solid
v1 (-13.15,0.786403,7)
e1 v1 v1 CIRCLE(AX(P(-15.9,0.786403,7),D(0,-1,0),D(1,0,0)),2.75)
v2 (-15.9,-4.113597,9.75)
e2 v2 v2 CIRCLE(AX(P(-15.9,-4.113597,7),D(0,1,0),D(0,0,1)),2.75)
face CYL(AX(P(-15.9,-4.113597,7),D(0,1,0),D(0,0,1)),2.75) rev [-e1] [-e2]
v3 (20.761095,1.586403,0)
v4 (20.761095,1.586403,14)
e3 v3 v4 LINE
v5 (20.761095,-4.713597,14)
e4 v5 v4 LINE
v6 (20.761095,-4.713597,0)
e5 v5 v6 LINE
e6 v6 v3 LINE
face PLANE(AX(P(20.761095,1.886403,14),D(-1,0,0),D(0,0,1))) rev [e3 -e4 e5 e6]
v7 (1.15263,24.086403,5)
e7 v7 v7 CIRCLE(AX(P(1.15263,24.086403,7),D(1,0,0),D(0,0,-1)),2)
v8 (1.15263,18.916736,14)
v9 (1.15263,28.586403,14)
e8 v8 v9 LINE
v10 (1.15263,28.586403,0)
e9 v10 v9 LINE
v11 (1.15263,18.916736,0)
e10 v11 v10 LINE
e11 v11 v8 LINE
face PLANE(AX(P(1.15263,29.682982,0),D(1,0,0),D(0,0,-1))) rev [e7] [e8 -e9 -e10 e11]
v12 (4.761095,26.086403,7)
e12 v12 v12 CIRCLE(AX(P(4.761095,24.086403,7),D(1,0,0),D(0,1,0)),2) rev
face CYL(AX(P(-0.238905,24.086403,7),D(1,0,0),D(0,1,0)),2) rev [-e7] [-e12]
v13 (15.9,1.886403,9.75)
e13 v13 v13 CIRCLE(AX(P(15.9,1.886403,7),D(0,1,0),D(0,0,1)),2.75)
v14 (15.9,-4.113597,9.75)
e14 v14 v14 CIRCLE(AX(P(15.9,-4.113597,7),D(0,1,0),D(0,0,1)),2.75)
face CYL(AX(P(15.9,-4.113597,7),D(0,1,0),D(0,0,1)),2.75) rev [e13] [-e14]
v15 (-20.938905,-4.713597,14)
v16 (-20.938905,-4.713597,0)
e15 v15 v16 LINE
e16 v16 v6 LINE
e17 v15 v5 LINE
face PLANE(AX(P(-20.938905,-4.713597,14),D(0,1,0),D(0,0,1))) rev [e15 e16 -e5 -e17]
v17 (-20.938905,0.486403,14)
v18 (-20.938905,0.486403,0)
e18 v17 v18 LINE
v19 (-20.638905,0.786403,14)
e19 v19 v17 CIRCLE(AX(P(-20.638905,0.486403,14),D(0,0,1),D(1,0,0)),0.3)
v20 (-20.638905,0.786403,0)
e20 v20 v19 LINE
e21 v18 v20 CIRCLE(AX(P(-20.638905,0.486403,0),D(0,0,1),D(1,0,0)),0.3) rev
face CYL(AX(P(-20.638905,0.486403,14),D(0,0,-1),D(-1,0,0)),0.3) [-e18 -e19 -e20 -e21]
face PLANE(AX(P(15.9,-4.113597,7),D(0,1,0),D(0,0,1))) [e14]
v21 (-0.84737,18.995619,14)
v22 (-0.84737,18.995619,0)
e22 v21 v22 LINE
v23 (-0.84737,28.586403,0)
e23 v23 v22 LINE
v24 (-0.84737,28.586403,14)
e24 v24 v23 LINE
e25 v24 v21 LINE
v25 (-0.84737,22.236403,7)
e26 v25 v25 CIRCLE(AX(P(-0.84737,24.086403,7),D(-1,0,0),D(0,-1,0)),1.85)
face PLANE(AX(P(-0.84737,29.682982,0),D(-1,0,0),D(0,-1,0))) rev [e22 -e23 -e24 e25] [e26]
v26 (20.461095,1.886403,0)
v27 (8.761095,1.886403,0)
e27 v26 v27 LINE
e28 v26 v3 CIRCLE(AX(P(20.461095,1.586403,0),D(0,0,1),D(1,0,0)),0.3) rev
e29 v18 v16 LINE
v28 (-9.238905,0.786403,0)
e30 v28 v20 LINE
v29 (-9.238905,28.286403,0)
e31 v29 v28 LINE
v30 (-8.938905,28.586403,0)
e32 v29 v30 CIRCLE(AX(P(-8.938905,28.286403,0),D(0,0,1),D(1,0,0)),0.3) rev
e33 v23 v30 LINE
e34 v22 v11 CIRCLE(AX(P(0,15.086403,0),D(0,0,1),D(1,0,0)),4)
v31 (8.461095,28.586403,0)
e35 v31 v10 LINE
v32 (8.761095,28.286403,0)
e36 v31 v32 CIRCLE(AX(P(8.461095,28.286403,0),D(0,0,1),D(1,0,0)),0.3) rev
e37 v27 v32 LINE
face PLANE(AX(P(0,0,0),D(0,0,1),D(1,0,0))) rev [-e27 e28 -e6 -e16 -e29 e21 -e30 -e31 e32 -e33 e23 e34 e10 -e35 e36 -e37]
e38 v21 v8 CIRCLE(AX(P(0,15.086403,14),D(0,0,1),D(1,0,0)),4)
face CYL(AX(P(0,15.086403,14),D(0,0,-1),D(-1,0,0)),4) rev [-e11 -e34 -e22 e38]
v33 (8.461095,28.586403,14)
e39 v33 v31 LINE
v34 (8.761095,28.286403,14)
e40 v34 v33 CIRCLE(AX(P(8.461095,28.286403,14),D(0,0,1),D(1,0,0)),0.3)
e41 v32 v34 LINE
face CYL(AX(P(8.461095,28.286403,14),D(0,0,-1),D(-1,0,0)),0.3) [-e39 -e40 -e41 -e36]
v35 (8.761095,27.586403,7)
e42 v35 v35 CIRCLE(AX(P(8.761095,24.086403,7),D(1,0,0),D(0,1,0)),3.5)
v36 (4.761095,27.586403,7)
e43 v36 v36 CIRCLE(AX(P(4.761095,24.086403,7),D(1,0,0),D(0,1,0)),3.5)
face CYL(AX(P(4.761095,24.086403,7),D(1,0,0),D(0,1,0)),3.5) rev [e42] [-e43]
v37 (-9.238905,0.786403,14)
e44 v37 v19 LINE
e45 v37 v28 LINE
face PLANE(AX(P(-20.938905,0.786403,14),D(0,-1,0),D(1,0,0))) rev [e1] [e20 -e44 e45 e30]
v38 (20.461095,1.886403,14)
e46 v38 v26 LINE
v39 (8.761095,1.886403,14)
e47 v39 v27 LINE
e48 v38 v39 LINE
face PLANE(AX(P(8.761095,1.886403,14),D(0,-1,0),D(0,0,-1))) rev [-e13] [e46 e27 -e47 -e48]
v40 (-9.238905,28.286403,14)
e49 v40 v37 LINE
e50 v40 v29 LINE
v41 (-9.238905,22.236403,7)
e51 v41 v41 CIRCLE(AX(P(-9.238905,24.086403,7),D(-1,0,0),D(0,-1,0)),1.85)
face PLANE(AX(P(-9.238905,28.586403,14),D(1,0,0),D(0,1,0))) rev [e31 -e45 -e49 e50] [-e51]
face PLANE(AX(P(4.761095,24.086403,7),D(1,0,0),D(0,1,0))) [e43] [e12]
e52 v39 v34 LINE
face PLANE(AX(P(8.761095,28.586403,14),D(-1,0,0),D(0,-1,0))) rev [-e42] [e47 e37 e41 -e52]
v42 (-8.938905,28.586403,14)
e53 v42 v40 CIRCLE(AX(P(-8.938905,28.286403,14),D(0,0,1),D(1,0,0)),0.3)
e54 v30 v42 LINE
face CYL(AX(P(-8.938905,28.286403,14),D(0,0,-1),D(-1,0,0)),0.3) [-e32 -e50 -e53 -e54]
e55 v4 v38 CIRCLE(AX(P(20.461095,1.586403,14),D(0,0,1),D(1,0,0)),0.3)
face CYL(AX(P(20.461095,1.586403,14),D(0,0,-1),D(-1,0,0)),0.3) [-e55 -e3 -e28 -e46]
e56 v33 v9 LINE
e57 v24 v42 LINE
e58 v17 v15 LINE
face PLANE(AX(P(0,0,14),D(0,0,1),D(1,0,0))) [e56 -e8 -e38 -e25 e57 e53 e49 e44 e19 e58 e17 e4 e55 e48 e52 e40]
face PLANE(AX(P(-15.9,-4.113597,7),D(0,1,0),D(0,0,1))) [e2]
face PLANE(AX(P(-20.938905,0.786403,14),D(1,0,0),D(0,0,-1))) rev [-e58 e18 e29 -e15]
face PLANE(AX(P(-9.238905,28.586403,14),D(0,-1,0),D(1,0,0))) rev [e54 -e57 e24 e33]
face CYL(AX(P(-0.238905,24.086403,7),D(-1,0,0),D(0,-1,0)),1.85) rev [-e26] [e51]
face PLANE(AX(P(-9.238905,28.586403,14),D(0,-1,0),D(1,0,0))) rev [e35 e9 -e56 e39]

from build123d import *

# Parameters (mm, degrees)
SKETCH1_R           = 4
BOSS_EXTRUDE1_DEPTH = 14
SKETCH2_R           = 2.75
CUT_EXTRUDE1_DEPTH  = 6
SKETCH3_W           = 2
SKETCH3_H           = 11.620769134
CUT_EXTRUDE2_DEPTH  = 14
SKETCH4_R           = 2
CUT_EXTRUDE3_DEPTH  = 9
SKETCH5_R           = 3.5
CUT_EXTRUDE4_DEPTH  = 4
SKETCH6_R           = 1.85
CUT_EXTRUDE5_DEPTH  = 9
FILLET1_R           = 0.3


with BuildPart() as part:
    # Sketch1 → Boss-Extrude1 (new body)
    with BuildSketch(Plane.XY):
        Polygon((-20.938905162, 0.786403392), (-9.238905162, 0.786403392), (-9.238905162, 28.586403392), (8.761094838, 28.586403392), (8.761094838, 1.886403392), (20.761094838, 1.886403392), (20.761094838, -4.713596608), (-20.938905162, -4.713596608), align=None)
        with Locations((0, 15.086403392)):
            Circle(SKETCH1_R, mode=Mode.SUBTRACT)
    extrude(amount=BOSS_EXTRUDE1_DEPTH)

    # Sketch2 → Cut-Extrude1 (cut)
    with BuildSketch(Plane(origin=(0, 1.886403392, 0), x_dir=(1, 0, 0), z_dir=(0, 1, 0))):
        with Locations((-15.9, -7)):
            Circle(SKETCH2_R)
        with Locations((15.9, -7)):
            Circle(SKETCH2_R)
    extrude(amount=-CUT_EXTRUDE1_DEPTH, mode=Mode.SUBTRACT)

    # Sketch3 → Cut-Extrude2 (cut)
    with BuildSketch(Plane.XY.offset(14)):
        with Locations((0.152630001, 23.872597077)):
            Rectangle(SKETCH3_W, SKETCH3_H)
    extrude(amount=-CUT_EXTRUDE2_DEPTH, mode=Mode.SUBTRACT)

    # Sketch4 → Cut-Extrude3 (cut)
    with BuildSketch(Plane(origin=(8.761094838, 0, 0), x_dir=(0, 0, -1), z_dir=(1, 0, 0))):
        with Locations((-7, 24.086403392)):
            Circle(SKETCH4_R)
    extrude(amount=-CUT_EXTRUDE3_DEPTH, mode=Mode.SUBTRACT)

    # Sketch5 → Cut-Extrude4 (cut)
    with BuildSketch(Plane(origin=(8.761094838, 0, 0), x_dir=(0, 0, -1), z_dir=(1, 0, 0))):
        with Locations((-7, 24.086403392)):
            Circle(SKETCH5_R)
    extrude(amount=-CUT_EXTRUDE4_DEPTH, mode=Mode.SUBTRACT)

    # Sketch6 → Cut-Extrude5 (cut)
    with BuildSketch(Plane.ZY.offset(9.238905162)):
        with Locations((7, 24.086403392)):
            Circle(SKETCH6_R)
    extrude(amount=-CUT_EXTRUDE5_DEPTH, mode=Mode.SUBTRACT)

    # Fillet1
    fillet1_edges = [part.edges().sort_by_distance(p)[0] for p in [
        (-20.938905162, 0.786403392, 7),
        (-9.238905162, 28.586403392, 7),
        (8.761094838, 28.586403392, 7),
        (20.761094838, 1.886403392, 7),
    ]]
    fillet(fillet1_edges, radius=FILLET1_R)


solid = part.part
